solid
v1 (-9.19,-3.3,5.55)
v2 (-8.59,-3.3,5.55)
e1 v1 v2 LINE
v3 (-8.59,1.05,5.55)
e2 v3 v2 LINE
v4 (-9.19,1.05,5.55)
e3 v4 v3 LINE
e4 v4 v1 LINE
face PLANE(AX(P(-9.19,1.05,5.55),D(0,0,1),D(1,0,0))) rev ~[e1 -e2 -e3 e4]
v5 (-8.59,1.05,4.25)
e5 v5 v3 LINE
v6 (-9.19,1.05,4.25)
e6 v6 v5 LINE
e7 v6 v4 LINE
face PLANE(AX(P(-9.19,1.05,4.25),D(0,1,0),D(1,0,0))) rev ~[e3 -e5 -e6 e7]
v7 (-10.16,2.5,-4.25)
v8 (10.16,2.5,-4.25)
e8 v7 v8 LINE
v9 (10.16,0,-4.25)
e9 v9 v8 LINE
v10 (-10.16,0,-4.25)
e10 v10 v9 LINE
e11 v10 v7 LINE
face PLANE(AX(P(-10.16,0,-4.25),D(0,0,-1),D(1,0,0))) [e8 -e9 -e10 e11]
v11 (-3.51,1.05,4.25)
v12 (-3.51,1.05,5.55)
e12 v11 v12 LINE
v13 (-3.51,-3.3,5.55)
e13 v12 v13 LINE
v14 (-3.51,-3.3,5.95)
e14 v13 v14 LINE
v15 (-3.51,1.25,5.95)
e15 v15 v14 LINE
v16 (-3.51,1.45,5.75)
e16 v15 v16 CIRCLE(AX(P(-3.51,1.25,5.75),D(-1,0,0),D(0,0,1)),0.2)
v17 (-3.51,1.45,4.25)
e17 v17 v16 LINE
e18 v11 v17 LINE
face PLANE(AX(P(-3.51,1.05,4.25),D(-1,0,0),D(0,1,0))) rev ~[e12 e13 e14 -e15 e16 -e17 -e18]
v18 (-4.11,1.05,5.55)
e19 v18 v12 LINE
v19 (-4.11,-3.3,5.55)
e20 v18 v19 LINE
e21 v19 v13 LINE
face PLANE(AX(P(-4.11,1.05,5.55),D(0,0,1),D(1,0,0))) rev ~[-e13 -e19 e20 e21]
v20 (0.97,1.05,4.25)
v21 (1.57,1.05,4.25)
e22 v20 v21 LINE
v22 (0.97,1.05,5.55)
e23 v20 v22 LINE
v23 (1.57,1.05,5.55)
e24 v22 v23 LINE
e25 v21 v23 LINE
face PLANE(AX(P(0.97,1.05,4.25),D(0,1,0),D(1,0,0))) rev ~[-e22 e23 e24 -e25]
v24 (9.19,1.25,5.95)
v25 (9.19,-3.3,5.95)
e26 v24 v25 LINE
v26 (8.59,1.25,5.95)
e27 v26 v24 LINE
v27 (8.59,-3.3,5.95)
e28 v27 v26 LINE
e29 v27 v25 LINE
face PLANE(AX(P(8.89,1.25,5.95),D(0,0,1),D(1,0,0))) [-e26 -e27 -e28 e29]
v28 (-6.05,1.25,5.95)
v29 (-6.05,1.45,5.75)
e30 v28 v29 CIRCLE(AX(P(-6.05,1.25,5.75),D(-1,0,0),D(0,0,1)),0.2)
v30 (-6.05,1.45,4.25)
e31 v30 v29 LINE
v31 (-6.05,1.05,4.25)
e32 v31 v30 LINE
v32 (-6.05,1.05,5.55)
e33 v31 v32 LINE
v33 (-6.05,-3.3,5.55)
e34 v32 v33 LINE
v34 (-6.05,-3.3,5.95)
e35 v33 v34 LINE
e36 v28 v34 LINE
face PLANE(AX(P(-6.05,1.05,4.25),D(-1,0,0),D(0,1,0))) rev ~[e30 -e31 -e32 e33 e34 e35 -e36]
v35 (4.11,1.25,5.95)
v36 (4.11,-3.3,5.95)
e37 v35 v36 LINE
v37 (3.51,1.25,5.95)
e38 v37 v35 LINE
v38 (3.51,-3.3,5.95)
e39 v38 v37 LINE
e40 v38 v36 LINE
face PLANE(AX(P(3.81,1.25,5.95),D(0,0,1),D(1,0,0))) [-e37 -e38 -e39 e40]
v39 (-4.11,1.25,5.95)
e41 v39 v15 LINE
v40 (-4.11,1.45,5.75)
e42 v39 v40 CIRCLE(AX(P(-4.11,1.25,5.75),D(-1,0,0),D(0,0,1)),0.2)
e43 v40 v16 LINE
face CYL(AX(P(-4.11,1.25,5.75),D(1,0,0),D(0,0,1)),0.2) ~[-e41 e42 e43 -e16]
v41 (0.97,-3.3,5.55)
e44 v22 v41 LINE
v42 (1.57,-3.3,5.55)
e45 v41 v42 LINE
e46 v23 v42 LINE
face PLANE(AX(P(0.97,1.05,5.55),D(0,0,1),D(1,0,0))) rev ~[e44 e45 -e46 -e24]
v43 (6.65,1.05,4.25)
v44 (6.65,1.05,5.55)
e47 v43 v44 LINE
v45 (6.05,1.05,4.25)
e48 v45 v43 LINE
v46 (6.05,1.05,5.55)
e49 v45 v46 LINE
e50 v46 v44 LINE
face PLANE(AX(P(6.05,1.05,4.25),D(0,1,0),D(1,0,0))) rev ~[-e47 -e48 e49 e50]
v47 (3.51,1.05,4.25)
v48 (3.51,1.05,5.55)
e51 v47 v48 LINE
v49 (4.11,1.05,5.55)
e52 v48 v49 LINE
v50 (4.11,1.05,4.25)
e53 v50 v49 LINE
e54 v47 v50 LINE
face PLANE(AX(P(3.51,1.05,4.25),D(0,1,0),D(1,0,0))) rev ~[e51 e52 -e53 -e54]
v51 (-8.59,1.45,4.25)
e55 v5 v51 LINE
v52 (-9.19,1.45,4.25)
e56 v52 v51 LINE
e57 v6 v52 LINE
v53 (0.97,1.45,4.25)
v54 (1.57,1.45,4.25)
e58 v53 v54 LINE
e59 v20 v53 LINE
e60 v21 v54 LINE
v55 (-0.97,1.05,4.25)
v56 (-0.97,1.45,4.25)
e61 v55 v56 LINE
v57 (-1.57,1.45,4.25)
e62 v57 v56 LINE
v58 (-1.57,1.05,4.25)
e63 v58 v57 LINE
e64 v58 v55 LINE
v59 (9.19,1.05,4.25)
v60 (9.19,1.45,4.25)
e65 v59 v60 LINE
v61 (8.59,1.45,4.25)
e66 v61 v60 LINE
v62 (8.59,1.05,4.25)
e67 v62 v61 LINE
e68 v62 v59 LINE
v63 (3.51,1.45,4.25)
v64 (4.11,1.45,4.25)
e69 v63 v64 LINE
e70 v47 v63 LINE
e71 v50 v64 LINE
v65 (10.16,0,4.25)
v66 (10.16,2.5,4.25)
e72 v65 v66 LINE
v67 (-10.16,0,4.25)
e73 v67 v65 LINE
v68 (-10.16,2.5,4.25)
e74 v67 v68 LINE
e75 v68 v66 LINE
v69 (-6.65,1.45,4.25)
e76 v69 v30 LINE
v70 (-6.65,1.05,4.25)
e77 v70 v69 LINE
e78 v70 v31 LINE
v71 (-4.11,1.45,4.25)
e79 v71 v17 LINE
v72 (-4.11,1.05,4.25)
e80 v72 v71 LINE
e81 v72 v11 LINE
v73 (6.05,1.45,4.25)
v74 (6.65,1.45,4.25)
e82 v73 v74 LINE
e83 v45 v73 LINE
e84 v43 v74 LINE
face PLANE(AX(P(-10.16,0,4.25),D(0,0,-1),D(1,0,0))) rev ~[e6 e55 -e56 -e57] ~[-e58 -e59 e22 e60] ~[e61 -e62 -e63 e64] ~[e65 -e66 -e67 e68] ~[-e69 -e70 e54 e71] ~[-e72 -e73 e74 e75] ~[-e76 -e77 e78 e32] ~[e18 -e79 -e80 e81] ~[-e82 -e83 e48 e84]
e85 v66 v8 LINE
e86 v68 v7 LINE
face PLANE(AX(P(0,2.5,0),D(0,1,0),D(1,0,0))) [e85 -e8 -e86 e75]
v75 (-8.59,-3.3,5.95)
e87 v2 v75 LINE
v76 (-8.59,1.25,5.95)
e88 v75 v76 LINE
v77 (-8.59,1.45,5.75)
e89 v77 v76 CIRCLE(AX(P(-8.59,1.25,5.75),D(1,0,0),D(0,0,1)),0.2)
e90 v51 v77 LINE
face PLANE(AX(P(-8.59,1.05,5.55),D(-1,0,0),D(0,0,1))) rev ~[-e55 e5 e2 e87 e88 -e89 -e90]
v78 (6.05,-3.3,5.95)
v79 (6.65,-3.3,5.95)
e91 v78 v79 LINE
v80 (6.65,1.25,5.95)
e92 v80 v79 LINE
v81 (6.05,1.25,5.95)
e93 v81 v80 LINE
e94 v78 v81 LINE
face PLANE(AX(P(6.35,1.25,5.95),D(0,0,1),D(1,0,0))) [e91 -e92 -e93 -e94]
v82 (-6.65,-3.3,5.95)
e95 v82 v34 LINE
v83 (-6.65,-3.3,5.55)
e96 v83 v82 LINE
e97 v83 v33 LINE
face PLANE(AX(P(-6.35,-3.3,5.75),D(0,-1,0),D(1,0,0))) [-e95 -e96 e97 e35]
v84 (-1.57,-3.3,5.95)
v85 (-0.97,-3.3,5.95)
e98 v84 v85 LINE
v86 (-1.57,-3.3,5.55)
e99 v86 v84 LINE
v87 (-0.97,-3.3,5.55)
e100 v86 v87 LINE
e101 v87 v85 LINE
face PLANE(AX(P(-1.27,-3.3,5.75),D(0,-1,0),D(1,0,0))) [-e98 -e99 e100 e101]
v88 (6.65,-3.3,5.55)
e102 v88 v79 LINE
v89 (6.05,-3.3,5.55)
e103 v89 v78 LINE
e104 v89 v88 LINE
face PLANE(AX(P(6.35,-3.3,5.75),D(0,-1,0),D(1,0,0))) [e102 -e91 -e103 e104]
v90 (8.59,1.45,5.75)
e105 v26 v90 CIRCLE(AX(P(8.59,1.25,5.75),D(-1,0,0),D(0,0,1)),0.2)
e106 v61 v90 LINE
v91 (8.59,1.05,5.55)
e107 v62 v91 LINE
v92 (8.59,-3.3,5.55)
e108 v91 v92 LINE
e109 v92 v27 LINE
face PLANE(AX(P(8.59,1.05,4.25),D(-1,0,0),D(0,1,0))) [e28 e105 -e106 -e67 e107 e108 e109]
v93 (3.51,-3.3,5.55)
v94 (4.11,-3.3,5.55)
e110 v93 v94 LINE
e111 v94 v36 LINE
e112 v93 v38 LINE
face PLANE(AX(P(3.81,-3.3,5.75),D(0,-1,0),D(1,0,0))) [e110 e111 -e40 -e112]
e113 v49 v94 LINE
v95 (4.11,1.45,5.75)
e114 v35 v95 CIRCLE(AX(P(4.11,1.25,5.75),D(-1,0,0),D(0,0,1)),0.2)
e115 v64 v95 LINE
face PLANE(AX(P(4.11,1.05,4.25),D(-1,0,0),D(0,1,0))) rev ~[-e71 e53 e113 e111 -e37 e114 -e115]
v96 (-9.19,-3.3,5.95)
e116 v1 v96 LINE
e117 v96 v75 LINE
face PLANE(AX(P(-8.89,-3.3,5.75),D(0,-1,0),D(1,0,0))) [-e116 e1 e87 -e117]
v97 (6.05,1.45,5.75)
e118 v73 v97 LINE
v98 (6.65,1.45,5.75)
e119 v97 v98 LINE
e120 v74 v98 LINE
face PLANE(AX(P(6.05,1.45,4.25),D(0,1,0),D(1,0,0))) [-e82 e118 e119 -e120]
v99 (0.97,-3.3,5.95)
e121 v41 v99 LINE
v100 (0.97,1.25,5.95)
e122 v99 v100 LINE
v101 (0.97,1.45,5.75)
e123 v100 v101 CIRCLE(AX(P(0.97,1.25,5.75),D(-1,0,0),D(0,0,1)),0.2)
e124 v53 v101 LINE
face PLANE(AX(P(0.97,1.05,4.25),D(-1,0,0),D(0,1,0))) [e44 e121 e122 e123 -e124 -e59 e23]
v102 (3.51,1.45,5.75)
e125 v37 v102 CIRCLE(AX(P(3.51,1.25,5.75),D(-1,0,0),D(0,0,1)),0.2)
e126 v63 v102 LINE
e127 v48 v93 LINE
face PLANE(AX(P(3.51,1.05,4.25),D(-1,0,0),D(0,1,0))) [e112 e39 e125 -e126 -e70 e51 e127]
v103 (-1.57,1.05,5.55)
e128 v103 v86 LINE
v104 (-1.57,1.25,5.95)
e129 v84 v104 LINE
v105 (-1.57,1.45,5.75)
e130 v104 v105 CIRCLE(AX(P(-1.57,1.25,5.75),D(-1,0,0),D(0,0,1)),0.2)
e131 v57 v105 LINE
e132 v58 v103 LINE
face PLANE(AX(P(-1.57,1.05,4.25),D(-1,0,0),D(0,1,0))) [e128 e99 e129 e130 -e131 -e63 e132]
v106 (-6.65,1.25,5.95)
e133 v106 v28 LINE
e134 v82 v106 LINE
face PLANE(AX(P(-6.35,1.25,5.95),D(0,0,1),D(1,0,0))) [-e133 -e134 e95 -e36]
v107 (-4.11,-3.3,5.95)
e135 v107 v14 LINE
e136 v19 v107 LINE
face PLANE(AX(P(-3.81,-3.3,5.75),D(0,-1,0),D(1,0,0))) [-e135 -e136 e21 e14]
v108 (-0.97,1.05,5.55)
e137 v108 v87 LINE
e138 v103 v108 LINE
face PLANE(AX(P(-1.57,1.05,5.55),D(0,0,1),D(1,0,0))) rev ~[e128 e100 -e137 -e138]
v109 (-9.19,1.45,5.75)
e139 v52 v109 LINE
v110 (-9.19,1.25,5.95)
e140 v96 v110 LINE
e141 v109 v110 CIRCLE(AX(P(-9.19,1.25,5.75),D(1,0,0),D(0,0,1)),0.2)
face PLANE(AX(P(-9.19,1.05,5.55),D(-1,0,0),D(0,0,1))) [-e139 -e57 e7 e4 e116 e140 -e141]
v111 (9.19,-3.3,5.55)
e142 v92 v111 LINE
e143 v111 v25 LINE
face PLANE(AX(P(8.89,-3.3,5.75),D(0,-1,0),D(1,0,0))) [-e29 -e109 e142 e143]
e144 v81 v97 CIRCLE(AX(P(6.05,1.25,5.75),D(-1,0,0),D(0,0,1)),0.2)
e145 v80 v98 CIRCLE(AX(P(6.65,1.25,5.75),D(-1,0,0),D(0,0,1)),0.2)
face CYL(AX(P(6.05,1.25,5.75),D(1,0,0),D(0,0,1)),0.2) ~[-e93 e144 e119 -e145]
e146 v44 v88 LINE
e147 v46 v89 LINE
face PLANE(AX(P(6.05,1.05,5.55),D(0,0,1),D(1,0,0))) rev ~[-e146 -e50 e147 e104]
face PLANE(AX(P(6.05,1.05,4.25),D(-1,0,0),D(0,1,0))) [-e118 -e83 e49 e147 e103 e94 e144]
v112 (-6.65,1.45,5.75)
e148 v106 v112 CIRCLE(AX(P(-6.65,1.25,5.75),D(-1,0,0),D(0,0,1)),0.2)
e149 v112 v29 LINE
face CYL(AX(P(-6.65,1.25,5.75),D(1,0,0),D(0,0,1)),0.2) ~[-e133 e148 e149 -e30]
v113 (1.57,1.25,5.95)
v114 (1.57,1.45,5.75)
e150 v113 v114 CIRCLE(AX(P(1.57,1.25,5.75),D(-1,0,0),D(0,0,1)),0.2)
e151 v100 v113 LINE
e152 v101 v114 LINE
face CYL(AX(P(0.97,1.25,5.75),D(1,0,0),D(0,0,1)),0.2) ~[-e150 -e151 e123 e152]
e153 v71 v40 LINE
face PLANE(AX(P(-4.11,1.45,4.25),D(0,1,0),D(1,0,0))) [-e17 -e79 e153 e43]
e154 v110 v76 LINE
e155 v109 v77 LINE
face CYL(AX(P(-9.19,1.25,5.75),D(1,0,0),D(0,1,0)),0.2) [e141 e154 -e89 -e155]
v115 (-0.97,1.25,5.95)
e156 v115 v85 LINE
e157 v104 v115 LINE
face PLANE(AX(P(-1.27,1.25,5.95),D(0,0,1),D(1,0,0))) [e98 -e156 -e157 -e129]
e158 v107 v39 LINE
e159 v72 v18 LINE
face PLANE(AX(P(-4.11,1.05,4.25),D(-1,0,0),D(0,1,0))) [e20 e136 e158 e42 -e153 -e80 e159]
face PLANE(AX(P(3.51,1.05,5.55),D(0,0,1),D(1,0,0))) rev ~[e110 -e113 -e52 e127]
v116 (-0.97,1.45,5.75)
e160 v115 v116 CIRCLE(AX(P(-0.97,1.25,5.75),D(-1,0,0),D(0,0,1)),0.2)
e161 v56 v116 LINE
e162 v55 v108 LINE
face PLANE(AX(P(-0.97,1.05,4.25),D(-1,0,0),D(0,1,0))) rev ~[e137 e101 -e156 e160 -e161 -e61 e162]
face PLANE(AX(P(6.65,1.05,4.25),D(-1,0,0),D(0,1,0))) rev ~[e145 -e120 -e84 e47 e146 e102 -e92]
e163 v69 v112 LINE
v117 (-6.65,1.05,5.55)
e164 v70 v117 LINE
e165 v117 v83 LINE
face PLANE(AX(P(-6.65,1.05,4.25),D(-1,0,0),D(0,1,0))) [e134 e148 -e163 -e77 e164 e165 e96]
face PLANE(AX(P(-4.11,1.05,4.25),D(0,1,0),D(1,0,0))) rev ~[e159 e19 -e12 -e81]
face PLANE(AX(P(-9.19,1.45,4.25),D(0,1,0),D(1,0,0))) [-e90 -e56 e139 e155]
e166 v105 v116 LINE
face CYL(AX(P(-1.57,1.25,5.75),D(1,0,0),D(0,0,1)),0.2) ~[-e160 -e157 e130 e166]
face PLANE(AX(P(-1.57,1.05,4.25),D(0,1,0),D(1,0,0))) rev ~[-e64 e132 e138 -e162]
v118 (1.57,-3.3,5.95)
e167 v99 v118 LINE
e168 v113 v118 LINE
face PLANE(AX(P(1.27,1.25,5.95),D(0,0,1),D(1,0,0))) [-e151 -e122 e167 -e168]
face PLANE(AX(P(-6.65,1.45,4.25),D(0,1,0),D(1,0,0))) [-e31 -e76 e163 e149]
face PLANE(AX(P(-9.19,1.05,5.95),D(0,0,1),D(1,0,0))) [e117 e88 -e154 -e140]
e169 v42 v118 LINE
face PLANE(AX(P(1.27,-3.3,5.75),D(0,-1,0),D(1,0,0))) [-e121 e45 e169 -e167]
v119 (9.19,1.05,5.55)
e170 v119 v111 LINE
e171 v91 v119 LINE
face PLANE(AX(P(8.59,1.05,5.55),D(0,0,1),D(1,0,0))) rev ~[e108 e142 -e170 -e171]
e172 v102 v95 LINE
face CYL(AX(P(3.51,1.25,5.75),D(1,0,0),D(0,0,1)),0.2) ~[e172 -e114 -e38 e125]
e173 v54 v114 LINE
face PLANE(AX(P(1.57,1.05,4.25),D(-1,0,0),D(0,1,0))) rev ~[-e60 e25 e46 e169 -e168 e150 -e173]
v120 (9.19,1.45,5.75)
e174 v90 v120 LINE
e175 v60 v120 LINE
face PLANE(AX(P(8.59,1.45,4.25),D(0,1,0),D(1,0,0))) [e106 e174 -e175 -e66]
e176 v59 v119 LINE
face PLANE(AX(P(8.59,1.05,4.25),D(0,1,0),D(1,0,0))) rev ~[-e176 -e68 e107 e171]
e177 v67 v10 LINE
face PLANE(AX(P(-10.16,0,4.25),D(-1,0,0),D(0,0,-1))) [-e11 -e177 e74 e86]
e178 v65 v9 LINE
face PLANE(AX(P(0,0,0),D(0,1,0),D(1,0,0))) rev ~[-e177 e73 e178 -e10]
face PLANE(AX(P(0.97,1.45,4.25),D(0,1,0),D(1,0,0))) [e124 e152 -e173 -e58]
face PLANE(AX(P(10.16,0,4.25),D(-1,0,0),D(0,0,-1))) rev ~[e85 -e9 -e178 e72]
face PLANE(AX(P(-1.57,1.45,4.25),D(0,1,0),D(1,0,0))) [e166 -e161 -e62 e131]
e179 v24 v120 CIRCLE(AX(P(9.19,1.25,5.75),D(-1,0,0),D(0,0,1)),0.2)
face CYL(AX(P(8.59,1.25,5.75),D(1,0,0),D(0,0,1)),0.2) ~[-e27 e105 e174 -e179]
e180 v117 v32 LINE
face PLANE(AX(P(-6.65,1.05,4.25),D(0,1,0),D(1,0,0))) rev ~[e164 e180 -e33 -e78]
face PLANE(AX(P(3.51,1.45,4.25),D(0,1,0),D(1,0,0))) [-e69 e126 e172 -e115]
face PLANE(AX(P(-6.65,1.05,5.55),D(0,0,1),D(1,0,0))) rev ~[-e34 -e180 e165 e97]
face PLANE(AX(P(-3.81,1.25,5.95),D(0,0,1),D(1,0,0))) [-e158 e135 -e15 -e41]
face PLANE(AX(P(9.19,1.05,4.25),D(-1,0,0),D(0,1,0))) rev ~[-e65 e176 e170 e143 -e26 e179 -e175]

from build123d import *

# Parameters (mm, degrees)
SKETCH_1_W      = 20.32
SKETCH_1_H      = 8.5
EXTRUDE_1_DEPTH = 2.5
SKETCH_2_W      = 0.6
SKETCH_2_H      = 0.4
EXTRUDE_2_DEPTH = 1.7
SKETCH_3_W      = 0.6
SKETCH_3_H      = 0.4
EXTRUDE_3_DEPTH = 4.35
FILLET_1_R      = 0.2


with BuildPart() as part:
    # Эскиз1 → Бобышка-Вытянуть1 (new body)
    with BuildSketch(Plane(origin=(0, 0, 0), x_dir=(1, 0, 0), z_dir=(0, 1, 0))):
        Rectangle(SKETCH_1_W, SKETCH_1_H)
    extrude(amount=EXTRUDE_1_DEPTH)

    # Эскиз2 → Бобышка-Вытянуть2 (add)
    with BuildSketch(Plane.XY.offset(4.25)):
        with Locations((-6.35, 1.25)):
            Rectangle(SKETCH_2_W, SKETCH_2_H)
        with Locations((-8.89, 1.25)):
            Rectangle(SKETCH_2_W, SKETCH_2_H)
        with Locations((-3.81, 1.25)):
            Rectangle(SKETCH_2_W, SKETCH_2_H)
        with Locations((-1.27, 1.25)):
            Rectangle(SKETCH_2_W, SKETCH_2_H)
        with Locations((1.27, 1.25)):
            Rectangle(SKETCH_2_W, SKETCH_2_H)
        with Locations((3.81, 1.25)):
            Rectangle(SKETCH_2_W, SKETCH_2_H)
        with Locations((6.35, 1.25)):
            Rectangle(SKETCH_2_W, SKETCH_2_H)
        with Locations((8.89, 1.25)):
            Rectangle(SKETCH_2_W, SKETCH_2_H)
    extrude(amount=EXTRUDE_2_DEPTH)

    # Эскиз3 → Бобышка-Вытянуть3 (add)
    with BuildSketch(Plane.XZ.offset(-1.05)):
        with Locations((-8.89, 5.75)):
            Rectangle(SKETCH_3_W, SKETCH_3_H)
        with Locations((-6.35, 5.75)):
            Rectangle(SKETCH_3_W, SKETCH_3_H)
        with Locations((-3.81, 5.75)):
            Rectangle(SKETCH_3_W, SKETCH_3_H)
        with Locations((-1.27, 5.75)):
            Rectangle(SKETCH_3_W, SKETCH_3_H)
        with Locations((1.27, 5.75)):
            Rectangle(SKETCH_3_W, SKETCH_3_H)
        with Locations((3.81, 5.75)):
            Rectangle(SKETCH_3_W, SKETCH_3_H)
        with Locations((6.35, 5.75)):
            Rectangle(SKETCH_3_W, SKETCH_3_H)
        with Locations((8.89, 5.75)):
            Rectangle(SKETCH_3_W, SKETCH_3_H)
    extrude(amount=EXTRUDE_3_DEPTH)

    # Скругление1
    fillet_1_edges = [part.edges().sort_by_distance(p)[0] for p in [
        (-8.89, 1.45, 5.95),
        (-6.35, 1.45, 5.95),
        (-3.81, 1.45, 5.95),
        (-1.27, 1.45, 5.95),
        (1.27, 1.45, 5.95),
        (3.81, 1.45, 5.95),
        (6.35, 1.45, 5.95),
        (8.89, 1.45, 5.95),
    ]]
    fillet(fillet_1_edges, radius=FILLET_1_R)


solid = part.part
